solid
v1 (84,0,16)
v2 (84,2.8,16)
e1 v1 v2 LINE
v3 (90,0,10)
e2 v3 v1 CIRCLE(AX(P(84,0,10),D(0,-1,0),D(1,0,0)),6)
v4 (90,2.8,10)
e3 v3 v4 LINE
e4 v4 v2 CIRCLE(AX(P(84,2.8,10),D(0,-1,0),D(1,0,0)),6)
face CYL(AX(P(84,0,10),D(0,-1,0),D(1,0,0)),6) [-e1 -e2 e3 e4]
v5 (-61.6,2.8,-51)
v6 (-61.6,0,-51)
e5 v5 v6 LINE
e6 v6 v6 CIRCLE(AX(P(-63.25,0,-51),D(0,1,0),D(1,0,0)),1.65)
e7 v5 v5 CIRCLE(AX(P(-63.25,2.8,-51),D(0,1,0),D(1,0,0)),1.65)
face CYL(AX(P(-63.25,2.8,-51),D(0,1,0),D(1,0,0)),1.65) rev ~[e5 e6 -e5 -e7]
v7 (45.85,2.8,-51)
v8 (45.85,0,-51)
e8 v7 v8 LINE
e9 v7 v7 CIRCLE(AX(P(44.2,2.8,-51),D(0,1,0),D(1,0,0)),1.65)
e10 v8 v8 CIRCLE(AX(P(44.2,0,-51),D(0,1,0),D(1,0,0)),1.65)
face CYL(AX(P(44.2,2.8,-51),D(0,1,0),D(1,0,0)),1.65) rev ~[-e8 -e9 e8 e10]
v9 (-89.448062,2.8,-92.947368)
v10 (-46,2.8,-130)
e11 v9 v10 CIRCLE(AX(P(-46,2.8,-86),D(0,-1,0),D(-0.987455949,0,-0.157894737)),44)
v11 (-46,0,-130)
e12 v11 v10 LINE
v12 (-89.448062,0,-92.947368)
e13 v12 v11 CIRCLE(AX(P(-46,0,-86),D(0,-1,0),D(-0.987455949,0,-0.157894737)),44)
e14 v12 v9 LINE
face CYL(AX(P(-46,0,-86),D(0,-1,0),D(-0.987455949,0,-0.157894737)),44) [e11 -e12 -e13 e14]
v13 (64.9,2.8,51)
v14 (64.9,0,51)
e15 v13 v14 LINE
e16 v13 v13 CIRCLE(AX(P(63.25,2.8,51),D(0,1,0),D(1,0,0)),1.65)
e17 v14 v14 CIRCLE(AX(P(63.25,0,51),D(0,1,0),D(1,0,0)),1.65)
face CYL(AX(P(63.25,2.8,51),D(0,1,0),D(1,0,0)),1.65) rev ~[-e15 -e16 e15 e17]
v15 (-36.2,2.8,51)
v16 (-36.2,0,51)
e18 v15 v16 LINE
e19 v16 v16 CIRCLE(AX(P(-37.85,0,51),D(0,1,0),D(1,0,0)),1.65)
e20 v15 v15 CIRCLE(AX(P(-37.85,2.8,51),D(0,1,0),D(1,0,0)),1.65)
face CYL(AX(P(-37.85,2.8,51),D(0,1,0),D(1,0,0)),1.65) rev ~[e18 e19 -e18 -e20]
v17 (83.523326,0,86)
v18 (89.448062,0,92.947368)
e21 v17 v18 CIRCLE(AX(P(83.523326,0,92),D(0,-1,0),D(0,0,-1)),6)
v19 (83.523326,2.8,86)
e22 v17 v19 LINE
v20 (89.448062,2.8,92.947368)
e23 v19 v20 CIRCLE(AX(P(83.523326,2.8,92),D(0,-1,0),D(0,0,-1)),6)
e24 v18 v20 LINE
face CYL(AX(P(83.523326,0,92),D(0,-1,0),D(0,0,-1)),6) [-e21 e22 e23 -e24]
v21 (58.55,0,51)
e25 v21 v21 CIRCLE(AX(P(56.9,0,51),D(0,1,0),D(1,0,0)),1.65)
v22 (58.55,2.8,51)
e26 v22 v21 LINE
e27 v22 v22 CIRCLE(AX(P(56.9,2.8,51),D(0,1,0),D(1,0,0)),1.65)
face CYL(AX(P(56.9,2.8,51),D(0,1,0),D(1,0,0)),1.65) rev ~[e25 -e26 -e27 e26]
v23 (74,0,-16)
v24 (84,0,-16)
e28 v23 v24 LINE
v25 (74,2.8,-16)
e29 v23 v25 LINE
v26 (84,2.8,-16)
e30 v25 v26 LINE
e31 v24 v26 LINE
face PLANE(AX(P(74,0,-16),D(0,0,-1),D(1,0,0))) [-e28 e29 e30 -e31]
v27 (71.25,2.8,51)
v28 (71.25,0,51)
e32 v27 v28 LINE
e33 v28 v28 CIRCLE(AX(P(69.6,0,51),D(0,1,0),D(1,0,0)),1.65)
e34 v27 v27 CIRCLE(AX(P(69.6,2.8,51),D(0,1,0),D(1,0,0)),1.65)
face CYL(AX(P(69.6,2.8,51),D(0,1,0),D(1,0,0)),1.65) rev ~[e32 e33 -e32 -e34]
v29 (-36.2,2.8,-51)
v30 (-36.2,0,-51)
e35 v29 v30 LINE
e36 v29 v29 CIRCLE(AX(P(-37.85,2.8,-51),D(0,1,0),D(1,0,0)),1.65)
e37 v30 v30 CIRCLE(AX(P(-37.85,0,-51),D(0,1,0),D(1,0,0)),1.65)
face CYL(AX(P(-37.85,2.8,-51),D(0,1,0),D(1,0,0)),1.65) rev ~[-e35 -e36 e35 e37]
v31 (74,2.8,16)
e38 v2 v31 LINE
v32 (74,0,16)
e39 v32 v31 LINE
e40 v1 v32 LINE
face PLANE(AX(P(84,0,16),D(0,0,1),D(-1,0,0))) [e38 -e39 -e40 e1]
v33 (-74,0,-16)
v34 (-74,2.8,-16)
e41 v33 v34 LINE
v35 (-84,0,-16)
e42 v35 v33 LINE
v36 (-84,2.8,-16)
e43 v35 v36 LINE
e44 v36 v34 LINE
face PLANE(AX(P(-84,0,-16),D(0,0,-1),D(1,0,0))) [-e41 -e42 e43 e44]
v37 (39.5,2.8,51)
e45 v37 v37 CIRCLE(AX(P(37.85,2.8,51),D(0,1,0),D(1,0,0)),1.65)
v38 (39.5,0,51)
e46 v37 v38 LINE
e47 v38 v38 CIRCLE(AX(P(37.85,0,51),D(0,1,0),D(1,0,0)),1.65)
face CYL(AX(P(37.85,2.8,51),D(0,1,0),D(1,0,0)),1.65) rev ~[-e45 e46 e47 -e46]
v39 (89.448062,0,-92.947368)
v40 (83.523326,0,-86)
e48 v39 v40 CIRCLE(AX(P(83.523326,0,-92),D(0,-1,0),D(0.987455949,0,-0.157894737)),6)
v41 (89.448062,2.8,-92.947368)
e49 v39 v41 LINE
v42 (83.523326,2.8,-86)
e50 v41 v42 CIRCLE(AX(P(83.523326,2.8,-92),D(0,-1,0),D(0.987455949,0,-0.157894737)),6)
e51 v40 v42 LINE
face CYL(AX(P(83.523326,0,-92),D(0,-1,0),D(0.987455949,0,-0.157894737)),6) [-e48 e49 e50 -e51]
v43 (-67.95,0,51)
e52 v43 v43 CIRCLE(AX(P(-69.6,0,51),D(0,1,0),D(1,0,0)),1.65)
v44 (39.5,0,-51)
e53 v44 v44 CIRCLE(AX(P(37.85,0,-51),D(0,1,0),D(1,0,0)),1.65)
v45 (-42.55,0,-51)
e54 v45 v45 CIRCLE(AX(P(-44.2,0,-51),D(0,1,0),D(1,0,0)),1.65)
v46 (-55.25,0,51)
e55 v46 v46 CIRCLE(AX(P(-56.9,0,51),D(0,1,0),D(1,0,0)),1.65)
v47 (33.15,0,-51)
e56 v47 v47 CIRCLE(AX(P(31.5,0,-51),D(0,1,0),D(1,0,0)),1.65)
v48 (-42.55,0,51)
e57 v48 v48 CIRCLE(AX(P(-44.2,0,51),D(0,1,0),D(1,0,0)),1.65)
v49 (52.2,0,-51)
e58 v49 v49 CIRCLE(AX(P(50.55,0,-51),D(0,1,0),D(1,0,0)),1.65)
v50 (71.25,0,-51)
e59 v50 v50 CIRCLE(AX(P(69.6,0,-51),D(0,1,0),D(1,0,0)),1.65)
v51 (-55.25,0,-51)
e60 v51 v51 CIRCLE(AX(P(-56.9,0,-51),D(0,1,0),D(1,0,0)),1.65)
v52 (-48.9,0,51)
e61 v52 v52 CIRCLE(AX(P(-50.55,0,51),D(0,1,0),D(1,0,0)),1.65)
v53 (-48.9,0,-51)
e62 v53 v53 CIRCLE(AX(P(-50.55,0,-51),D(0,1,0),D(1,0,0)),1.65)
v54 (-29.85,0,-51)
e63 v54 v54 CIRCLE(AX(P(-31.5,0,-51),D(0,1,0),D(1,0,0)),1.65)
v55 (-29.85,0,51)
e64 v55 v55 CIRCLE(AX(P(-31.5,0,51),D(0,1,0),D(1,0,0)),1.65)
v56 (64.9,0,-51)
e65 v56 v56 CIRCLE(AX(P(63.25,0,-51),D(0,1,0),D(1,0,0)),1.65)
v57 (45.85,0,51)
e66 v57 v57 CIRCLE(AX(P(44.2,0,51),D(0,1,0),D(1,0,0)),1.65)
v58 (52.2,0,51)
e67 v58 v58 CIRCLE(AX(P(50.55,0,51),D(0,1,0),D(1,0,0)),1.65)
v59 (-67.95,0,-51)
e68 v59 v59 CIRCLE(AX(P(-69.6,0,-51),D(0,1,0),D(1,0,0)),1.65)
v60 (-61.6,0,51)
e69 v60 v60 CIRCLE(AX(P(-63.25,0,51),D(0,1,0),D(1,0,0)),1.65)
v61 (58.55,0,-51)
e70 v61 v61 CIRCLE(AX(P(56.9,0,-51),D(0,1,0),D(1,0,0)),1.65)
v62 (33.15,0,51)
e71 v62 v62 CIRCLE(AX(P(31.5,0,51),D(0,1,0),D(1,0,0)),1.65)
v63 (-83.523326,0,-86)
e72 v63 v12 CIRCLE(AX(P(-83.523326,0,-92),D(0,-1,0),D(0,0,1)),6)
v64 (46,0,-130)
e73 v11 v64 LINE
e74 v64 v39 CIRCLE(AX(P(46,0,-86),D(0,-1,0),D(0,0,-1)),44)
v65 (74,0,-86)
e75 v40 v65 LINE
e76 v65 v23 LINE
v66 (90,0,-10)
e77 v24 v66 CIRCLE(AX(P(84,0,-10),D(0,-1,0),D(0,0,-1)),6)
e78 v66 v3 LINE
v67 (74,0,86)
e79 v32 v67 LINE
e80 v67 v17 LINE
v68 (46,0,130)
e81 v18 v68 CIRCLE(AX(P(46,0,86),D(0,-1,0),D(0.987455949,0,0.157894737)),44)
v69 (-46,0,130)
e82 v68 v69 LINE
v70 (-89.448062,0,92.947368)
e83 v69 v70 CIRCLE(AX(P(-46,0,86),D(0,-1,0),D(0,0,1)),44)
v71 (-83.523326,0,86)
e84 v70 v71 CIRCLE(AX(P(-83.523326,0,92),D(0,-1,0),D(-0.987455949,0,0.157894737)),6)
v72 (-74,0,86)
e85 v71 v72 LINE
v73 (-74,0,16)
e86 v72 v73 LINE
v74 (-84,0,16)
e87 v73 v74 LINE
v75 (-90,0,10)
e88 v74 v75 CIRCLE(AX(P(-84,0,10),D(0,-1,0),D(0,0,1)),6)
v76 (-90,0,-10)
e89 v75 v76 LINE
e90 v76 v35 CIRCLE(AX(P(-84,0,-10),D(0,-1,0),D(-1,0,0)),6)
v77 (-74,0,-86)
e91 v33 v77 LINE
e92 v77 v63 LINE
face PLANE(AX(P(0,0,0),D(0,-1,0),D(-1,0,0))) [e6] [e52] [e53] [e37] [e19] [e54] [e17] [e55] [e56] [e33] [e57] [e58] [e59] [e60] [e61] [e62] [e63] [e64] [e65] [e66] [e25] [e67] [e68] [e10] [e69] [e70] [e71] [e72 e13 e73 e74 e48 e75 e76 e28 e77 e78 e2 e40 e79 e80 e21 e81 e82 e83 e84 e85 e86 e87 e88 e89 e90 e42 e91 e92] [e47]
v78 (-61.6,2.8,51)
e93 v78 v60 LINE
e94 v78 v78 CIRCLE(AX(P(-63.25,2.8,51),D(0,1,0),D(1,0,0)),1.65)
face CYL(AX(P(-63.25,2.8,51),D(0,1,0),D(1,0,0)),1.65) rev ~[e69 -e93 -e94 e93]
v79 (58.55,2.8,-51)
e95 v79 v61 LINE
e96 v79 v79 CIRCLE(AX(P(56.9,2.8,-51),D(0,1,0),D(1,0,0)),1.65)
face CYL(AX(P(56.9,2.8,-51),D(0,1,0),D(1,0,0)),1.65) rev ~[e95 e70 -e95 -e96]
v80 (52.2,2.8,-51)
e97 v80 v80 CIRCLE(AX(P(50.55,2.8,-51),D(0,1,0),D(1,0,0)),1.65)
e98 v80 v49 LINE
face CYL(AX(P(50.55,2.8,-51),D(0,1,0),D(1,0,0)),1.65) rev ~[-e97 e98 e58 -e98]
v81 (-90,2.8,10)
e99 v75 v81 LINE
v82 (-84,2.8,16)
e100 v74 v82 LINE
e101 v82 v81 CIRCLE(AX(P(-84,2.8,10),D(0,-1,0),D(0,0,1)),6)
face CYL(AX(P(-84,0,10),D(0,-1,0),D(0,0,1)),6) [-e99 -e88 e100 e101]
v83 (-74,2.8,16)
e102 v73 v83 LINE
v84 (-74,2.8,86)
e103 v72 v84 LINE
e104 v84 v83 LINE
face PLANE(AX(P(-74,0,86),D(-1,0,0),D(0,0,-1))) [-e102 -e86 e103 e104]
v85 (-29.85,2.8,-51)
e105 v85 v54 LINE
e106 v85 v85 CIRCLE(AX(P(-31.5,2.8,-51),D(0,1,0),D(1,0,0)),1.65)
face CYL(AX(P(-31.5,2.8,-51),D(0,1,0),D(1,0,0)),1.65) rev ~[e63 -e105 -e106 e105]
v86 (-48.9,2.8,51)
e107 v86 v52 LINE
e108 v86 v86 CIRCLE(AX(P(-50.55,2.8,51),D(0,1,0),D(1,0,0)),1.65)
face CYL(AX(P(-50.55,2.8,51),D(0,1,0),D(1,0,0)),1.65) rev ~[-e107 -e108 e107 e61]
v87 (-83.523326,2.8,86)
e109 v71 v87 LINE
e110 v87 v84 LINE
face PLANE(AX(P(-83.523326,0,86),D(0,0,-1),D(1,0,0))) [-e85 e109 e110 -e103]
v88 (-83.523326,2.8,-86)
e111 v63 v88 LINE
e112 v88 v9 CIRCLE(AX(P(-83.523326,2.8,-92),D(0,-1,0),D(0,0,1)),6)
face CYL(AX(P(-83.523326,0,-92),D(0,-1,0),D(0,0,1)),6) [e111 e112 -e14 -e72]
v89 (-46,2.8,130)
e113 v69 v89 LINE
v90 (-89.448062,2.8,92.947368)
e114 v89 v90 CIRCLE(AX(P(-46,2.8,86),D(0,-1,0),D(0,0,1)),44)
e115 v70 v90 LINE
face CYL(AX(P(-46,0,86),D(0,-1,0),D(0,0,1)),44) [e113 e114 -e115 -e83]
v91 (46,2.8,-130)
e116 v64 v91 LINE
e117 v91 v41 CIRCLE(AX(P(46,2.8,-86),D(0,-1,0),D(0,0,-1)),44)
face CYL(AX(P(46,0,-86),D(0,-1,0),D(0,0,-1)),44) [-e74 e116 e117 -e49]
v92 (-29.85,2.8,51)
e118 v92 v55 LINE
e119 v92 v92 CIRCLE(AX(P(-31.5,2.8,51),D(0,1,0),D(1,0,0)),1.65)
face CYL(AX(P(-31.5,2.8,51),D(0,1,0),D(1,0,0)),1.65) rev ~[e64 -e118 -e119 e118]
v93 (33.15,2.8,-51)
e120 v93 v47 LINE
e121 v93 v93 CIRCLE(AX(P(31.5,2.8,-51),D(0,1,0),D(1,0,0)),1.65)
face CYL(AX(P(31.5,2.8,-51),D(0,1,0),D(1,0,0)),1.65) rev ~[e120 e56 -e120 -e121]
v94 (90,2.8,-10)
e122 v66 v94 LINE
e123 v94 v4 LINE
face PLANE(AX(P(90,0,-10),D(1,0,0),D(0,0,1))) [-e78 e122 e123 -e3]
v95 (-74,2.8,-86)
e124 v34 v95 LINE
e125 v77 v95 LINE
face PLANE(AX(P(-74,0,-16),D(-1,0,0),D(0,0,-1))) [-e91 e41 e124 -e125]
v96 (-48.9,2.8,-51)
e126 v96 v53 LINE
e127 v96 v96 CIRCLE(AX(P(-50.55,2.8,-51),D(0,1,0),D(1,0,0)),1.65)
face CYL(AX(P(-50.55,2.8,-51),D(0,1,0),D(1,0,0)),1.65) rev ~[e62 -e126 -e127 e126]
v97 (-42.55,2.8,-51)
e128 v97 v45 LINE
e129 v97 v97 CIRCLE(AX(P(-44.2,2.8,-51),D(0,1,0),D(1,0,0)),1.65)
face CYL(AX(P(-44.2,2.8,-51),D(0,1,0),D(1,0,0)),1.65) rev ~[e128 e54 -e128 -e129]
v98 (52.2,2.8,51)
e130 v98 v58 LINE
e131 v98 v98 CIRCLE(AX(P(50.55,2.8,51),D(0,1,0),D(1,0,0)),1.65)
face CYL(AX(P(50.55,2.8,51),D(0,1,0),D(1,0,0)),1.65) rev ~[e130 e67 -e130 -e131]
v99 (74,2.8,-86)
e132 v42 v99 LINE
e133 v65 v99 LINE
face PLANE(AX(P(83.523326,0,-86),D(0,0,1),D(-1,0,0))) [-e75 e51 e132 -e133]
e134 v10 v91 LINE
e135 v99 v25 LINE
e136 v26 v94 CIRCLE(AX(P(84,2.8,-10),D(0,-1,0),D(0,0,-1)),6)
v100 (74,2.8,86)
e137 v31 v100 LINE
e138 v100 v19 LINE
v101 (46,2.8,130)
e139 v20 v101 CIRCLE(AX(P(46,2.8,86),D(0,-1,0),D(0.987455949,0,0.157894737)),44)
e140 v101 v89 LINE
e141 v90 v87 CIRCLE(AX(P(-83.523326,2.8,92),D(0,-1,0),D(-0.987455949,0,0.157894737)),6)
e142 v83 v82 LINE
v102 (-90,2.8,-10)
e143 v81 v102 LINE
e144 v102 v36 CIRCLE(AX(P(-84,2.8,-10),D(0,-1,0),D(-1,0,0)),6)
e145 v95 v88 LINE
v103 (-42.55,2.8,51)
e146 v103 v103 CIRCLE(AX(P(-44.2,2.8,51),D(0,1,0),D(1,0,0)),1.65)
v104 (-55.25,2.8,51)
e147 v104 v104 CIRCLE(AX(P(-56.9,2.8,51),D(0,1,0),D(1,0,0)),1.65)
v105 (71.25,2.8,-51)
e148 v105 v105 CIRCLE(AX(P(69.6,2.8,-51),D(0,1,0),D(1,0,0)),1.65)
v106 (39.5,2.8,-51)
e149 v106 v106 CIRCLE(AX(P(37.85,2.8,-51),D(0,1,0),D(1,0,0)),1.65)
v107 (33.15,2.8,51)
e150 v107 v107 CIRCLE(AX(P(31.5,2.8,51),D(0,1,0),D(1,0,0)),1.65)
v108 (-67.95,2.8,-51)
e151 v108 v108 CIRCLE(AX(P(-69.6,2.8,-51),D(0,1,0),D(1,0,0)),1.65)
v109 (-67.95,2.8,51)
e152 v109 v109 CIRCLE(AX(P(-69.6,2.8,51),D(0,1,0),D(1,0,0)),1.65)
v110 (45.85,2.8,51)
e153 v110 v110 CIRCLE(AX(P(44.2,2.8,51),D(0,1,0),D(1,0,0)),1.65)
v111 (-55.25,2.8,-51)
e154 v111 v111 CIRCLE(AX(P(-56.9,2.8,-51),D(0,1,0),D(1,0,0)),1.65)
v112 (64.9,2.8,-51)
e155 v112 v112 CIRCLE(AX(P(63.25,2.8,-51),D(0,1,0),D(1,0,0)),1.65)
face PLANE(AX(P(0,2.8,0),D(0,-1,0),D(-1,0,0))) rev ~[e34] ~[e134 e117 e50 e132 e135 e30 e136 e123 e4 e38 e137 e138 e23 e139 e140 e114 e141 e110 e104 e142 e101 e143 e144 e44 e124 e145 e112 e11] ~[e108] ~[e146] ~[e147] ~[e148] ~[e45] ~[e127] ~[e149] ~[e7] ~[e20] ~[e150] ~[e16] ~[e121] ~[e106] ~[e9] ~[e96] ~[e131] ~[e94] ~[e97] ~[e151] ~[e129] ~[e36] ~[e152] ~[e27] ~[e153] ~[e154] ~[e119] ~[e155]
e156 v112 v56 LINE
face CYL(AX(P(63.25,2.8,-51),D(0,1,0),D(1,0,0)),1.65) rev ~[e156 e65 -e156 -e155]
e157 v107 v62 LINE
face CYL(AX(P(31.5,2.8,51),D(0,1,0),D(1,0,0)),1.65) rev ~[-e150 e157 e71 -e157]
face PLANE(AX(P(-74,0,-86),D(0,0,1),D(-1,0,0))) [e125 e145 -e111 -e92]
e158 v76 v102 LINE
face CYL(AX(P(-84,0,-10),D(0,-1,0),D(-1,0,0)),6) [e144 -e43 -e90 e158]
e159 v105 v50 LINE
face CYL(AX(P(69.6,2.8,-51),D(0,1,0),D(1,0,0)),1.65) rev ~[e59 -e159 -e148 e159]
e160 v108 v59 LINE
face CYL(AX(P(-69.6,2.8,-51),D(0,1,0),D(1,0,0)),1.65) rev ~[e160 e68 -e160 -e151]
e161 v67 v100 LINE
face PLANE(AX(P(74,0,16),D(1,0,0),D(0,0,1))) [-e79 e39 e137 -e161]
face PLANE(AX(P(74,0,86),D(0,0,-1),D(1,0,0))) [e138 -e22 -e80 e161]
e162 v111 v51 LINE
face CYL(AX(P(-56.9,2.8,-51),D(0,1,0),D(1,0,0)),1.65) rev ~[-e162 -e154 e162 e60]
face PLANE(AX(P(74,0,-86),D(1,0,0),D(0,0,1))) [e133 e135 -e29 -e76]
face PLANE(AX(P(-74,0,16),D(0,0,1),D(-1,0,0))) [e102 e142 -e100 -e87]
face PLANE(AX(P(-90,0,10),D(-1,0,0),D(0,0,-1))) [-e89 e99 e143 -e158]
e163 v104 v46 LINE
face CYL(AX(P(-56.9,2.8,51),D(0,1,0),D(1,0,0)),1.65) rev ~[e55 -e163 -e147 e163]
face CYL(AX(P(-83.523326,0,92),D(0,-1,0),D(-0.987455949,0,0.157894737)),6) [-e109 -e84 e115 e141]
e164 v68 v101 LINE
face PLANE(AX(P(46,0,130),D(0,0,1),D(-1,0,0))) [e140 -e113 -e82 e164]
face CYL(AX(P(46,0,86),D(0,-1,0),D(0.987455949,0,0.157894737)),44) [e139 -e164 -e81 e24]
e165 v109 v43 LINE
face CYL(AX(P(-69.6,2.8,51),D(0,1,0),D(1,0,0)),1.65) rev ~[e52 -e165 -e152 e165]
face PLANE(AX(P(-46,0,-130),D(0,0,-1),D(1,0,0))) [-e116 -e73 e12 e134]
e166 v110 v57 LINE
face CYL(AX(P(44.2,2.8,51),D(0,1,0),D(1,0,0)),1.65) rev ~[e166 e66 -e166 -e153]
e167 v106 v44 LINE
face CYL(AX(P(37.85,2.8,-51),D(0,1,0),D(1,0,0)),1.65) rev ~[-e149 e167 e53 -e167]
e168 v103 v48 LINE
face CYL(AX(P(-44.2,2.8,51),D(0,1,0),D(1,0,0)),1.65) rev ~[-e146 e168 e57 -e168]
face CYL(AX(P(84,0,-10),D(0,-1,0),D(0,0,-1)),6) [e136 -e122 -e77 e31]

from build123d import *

# Parameters (mm, degrees)
BOSS_EXTRUDE4_DEPTH = 2.8
SKETCH5_R           = 1.65
CUT_EXTRUDE1_DEPTH  = 3.8


with BuildPart() as part:
    # Sketch2 → Boss-Extrude4 (new body)
    with BuildSketch(Plane(origin=(0, 0, 0), x_dir=(1, 0, 0), z_dir=(0, 1, 0))):
        with BuildLine():
            Line((46, -130), (-46, -130))
            ThreePointArc((-46, -130), (-74.550970119, -119.478980051), (-89.448061775, -92.947368421))
            ThreePointArc((-89.448061775, -92.947368421), (-88.08864154, -88.106685893), (-83.523326079, -86))
            Line((-83.523326079, -86), (-74, -86))
            Line((-74, -86), (-74, -16))
            Line((-74, -16), (-84, -16))
            ThreePointArc((-84, -16), (-88.242640687, -14.242640687), (-90, -10))
            Line((-90, -10), (-90, 10))
            ThreePointArc((-90, 10), (-88.242640687, 14.242640687), (-84, 16))
            Line((-84, 16), (-74, 16))
            Line((-74, 16), (-74, 86))
            Line((-74, 86), (-83.523326079, 86))
            ThreePointArc((-83.523326079, 86), (-88.08864154, 88.106685893), (-89.448061775, 92.947368421))
            ThreePointArc((-89.448061775, 92.947368421), (-74.550970119, 119.478980051), (-46, 130))
            Line((-46, 130), (46, 130))
            ThreePointArc((46, 130), (74.550970119, 119.478980051), (89.448061775, 92.947368421))
            ThreePointArc((89.448061775, 92.947368421), (88.08864154, 88.106685893), (83.523326079, 86))
            Line((83.523326079, 86), (74, 86))
            Line((74, 86), (74, 16))
            Line((74, 16), (84, 16))
            ThreePointArc((84, 16), (88.242640687, 14.242640687), (90, 10))
            Line((90, 10), (90, -10))
            ThreePointArc((90, -10), (88.242640687, -14.242640687), (84, -16))
            Line((84, -16), (74, -16))
            Line((74, -16), (74, -86))
            Line((74, -86), (83.523326079, -86))
            ThreePointArc((83.523326079, -86), (88.08864154, -88.106685893), (89.448061775, -92.947368421))
            ThreePointArc((89.448061775, -92.947368421), (74.550970119, -119.478980051), (46, -130))
        make_face()
    extrude(amount=BOSS_EXTRUDE4_DEPTH)

    # Sketch5 → Cut-Extrude1 (cut, through all)
    with BuildSketch(Plane(origin=(0, 2.8, 0), x_dir=(1, 0, 0), z_dir=(0, 1, 0))):
        with Locations((-69.6, -51)):
            Circle(SKETCH5_R)
        with Locations((-63.25, -51)):
            Circle(SKETCH5_R)
        with Locations((-56.9, -51)):
            Circle(SKETCH5_R)
        with Locations((-50.55, -51)):
            Circle(SKETCH5_R)
        with Locations((-44.2, -51)):
            Circle(SKETCH5_R)
        with Locations((-37.85, -51)):
            Circle(SKETCH5_R)
        with Locations((-31.5, -51)):
            Circle(SKETCH5_R)
        with Locations((31.5, -51)):
            Circle(SKETCH5_R)
        with Locations((37.85, -51)):
            Circle(SKETCH5_R)
        with Locations((44.2, -51)):
            Circle(SKETCH5_R)
        with Locations((50.55, -51)):
            Circle(SKETCH5_R)
        with Locations((56.9, -51)):
            Circle(SKETCH5_R)
        with Locations((63.25, -51)):
            Circle(SKETCH5_R)
        with Locations((69.6, -51)):
            Circle(SKETCH5_R)
        with Locations((69.6, 51)):
            Circle(SKETCH5_R)
        with Locations((63.25, 51)):
            Circle(SKETCH5_R)
        with Locations((56.9, 51)):
            Circle(SKETCH5_R)
        with Locations((50.55, 51)):
            Circle(SKETCH5_R)
        with Locations((44.2, 51)):
            Circle(SKETCH5_R)
        with Locations((37.85, 51)):
            Circle(SKETCH5_R)
        with Locations((31.5, 51)):
            Circle(SKETCH5_R)
        with Locations((-31.5, 51)):
            Circle(SKETCH5_R)
        with Locations((-37.85, 51)):
            Circle(SKETCH5_R)
        with Locations((-44.2, 51)):
            Circle(SKETCH5_R)
        with Locations((-50.55, 51)):
            Circle(SKETCH5_R)
        with Locations((-56.9, 51)):
            Circle(SKETCH5_R)
        with Locations((-63.25, 51)):
            Circle(SKETCH5_R)
        with Locations((-69.6, 51)):
            Circle(SKETCH5_R)
    extrude(amount=-CUT_EXTRUDE1_DEPTH, mode=Mode.SUBTRACT)


solid = part.part
